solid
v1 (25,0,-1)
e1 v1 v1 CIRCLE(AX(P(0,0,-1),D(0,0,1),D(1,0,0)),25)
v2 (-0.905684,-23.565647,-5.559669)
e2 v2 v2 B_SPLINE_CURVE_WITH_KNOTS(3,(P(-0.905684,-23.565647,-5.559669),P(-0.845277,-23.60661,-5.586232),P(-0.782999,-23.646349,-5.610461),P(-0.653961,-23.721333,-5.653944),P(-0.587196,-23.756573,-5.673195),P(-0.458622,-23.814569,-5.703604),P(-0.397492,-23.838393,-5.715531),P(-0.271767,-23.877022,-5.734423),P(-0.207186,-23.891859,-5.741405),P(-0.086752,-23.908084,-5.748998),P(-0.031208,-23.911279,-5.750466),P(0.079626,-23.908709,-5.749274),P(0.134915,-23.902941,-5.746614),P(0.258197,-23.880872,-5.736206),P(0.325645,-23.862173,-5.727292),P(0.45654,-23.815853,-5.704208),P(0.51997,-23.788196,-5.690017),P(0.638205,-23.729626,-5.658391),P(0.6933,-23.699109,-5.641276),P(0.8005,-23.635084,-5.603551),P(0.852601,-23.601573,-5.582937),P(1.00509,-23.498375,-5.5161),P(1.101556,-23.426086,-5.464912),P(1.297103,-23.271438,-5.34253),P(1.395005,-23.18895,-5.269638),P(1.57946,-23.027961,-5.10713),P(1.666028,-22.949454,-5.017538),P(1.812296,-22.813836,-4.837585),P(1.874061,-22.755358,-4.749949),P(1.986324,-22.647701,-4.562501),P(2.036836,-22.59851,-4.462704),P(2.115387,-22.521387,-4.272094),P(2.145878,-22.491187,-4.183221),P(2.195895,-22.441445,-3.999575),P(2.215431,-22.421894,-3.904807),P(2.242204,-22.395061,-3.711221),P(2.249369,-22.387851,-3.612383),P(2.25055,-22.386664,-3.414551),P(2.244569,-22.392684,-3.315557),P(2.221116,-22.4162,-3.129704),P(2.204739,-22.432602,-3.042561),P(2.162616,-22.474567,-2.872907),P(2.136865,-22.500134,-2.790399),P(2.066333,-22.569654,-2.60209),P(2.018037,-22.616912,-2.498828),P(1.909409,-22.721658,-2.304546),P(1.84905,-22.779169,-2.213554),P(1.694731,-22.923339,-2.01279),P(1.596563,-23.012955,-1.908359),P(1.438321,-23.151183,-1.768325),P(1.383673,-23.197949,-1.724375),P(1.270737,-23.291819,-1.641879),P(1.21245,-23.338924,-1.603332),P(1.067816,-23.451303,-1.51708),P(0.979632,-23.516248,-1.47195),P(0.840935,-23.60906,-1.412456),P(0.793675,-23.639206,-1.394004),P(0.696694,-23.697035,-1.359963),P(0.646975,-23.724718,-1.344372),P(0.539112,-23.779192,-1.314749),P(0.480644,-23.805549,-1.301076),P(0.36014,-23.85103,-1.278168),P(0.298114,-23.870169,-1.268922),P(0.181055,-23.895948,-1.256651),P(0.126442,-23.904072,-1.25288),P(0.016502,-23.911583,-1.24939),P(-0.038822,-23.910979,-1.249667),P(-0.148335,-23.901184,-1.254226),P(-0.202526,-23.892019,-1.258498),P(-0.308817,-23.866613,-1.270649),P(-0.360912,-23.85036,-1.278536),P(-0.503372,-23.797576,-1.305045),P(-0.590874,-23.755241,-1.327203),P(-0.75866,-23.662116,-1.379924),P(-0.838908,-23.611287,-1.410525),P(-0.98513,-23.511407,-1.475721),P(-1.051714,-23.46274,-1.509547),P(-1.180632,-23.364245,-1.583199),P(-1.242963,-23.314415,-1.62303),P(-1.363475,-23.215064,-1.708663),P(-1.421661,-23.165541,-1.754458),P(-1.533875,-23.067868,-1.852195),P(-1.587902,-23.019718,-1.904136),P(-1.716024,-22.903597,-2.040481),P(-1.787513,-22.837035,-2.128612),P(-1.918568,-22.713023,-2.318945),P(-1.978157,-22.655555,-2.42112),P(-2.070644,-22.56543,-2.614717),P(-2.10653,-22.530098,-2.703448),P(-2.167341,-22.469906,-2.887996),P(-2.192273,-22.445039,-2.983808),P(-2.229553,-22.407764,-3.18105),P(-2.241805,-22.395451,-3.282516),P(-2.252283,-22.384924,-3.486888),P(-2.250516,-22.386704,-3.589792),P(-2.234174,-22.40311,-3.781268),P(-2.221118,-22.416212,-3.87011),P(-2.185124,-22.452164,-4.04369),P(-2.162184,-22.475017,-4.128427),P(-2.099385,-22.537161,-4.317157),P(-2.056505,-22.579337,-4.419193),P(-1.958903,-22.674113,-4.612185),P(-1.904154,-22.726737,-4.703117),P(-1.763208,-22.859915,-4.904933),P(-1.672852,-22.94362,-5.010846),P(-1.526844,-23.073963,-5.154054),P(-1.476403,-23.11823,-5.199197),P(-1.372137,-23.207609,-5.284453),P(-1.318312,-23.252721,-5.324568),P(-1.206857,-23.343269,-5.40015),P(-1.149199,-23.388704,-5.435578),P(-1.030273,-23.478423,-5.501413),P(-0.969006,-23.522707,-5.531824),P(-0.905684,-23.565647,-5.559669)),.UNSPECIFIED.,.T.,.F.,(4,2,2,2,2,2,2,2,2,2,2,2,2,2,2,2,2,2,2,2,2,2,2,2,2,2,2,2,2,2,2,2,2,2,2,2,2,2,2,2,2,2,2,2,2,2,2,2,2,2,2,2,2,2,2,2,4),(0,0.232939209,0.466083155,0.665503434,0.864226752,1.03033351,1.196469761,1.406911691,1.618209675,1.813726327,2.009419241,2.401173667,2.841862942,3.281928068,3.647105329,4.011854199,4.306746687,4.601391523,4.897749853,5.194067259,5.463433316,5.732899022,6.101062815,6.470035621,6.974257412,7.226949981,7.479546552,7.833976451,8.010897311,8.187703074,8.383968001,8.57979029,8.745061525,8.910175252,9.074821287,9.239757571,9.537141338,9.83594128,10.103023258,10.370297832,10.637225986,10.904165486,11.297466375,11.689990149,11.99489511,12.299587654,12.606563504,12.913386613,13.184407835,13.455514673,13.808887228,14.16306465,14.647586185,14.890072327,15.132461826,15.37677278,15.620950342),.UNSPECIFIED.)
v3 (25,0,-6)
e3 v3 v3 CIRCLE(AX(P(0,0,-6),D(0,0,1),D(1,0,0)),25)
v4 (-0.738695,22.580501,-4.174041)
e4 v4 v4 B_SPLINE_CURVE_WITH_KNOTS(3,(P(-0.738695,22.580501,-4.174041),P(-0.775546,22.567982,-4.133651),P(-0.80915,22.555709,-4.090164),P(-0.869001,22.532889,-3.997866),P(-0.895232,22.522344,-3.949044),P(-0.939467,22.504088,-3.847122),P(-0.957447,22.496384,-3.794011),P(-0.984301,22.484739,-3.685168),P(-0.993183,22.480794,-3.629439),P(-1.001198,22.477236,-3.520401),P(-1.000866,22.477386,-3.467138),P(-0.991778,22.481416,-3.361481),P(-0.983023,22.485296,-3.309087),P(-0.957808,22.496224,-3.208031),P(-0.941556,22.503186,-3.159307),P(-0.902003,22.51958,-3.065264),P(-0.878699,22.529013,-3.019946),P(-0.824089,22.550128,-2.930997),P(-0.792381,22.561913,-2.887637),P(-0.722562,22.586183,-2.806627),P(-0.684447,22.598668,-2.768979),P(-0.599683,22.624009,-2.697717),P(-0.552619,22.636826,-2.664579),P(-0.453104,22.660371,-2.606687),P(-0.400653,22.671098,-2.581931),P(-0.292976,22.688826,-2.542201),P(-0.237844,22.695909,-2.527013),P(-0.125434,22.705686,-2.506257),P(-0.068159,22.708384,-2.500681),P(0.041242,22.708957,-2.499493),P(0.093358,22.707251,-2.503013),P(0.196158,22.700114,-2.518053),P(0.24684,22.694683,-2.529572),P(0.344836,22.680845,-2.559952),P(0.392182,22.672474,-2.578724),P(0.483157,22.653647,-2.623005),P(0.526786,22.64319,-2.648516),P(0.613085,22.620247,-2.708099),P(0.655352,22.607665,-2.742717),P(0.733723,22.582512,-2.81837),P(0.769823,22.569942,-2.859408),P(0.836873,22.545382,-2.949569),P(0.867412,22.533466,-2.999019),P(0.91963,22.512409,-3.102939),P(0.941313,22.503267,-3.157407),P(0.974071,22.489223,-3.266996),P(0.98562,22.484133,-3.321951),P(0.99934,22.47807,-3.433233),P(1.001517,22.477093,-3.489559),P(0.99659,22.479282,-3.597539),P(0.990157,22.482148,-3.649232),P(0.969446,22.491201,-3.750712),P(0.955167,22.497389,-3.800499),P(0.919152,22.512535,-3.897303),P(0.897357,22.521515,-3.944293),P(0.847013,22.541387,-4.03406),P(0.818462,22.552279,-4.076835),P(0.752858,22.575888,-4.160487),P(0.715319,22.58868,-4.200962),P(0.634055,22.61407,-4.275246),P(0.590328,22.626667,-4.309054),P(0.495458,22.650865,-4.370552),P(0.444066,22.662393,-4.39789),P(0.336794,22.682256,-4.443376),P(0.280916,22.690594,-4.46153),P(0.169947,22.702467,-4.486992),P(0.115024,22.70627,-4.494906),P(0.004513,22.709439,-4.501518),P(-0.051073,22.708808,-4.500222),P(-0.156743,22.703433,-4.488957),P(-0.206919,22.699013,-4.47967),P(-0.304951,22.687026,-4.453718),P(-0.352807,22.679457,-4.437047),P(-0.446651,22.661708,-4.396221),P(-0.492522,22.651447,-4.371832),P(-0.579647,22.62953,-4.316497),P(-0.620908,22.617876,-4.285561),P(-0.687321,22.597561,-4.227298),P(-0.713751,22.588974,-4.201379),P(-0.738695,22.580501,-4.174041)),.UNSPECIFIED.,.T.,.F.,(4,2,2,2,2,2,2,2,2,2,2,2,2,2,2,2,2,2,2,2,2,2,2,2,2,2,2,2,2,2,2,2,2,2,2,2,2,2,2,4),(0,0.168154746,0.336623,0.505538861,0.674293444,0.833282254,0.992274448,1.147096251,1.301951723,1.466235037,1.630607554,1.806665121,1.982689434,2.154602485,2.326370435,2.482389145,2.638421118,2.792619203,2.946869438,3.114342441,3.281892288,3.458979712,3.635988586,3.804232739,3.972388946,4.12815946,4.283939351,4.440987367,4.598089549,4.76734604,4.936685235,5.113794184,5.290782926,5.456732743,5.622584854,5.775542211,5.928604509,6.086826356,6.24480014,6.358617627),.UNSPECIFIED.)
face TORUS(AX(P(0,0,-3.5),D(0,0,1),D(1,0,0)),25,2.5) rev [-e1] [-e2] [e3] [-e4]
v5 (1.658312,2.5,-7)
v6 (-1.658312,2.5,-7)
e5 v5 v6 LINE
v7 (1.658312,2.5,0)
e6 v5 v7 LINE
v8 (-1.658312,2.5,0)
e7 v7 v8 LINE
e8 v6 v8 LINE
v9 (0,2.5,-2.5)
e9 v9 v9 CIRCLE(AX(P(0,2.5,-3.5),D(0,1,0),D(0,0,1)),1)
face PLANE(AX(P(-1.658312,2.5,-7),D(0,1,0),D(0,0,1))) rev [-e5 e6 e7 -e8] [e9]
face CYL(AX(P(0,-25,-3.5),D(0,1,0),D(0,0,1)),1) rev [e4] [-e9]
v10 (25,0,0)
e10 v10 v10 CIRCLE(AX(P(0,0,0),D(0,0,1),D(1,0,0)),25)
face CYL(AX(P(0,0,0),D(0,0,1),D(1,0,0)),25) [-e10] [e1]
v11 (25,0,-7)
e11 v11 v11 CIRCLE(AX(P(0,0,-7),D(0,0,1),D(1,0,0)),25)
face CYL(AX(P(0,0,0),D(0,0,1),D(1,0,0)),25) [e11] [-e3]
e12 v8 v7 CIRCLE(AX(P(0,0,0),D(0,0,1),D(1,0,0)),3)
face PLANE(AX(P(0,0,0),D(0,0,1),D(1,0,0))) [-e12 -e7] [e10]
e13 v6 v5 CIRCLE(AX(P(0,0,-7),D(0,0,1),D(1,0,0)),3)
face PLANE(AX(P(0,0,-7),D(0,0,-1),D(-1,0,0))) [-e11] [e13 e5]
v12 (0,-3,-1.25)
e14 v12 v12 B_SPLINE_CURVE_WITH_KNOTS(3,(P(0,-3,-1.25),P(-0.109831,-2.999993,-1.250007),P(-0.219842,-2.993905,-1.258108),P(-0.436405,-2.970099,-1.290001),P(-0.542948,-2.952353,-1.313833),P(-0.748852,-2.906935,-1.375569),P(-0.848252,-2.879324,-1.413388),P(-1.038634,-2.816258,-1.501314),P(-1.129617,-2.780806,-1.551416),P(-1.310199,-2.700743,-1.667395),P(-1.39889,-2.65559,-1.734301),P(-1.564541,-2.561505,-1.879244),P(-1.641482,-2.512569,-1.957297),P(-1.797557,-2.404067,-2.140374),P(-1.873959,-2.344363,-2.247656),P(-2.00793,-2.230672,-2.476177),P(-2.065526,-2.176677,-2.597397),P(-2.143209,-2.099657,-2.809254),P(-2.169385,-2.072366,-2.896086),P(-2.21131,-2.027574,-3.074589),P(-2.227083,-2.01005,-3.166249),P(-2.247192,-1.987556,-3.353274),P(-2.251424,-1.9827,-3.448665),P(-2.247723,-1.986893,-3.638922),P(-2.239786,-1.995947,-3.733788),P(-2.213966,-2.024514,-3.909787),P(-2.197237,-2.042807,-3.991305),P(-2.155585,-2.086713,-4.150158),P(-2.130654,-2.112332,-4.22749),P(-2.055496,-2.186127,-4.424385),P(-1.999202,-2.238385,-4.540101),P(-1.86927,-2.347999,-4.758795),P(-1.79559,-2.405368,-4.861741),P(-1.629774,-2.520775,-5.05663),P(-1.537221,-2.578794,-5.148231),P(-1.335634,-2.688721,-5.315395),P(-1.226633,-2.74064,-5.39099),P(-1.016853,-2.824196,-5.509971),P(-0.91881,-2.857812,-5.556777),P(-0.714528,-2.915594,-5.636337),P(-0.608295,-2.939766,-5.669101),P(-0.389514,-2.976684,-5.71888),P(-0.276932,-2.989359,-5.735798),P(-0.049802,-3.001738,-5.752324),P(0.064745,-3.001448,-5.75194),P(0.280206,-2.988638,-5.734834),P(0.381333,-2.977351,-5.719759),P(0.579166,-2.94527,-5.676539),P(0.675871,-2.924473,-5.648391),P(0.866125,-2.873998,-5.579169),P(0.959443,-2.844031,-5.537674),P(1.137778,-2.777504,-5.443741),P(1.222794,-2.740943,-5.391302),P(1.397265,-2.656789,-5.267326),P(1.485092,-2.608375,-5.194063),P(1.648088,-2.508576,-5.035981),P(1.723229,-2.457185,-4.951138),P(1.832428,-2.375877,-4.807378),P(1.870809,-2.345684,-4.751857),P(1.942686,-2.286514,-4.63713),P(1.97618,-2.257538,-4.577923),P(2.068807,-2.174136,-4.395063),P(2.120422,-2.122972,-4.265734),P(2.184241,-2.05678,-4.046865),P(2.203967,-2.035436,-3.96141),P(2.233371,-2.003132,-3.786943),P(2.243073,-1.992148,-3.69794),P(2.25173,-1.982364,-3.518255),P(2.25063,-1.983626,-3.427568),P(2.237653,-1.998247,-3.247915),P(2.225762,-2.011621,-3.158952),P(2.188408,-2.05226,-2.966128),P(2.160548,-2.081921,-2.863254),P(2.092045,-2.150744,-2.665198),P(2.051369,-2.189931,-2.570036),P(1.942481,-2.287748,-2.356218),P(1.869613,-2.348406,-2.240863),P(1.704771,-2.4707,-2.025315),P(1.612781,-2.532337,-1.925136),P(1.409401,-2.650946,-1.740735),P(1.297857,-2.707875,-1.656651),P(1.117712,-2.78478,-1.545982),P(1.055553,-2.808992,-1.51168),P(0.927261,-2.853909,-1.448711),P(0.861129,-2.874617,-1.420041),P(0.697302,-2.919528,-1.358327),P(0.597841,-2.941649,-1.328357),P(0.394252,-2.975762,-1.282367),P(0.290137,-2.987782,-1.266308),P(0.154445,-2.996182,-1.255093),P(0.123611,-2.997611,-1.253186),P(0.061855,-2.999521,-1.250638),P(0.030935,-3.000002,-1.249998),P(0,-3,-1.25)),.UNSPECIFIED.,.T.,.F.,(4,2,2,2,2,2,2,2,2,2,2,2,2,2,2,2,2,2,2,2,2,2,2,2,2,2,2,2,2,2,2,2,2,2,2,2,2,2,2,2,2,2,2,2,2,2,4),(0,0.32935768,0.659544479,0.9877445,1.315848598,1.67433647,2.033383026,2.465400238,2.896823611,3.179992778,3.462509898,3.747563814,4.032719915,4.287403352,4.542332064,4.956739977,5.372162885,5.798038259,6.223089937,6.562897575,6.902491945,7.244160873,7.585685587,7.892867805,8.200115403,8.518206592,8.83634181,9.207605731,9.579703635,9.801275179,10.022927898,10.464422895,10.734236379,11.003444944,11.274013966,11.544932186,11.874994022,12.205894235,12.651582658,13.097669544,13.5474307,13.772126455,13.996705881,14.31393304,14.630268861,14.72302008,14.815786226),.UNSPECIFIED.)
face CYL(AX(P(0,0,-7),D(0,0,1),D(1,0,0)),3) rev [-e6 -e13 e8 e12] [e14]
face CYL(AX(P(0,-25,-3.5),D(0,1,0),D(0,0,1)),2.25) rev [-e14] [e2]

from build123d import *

# Parameters (mm, degrees)
CUT_EXTRUDE1_DEPTH      = 37.041642582
CUT_EXTRUDE2_DEPTH      = 37.041642582
CUT_EXTRUDE2_DEPTH_BACK = 37.041642582
SKETCH4_R               = 1
SKETCH6_R               = 2.25
CUT_EXTRUDE3_DEPTH      = 37.04164274


with BuildPart() as part:
    # Sketch2 → Revolve1 (revolve)
    with BuildSketch(Plane(origin=(0, 0, 0), x_dir=(1, 0, 0), z_dir=(0, 1, 0))):
        with BuildLine():
            Line((25, 6), (25, 7))
            Line((25, 7), (0, 7))
            Line((0, 7), (0, 0))
            Line((0, 0), (25, 0))
            Line((25, 0), (25, 1))
            ThreePointArc((25, 1), (22.5, 3.5), (25, 6))
        make_face()
    revolve(axis=Axis((0, 0, 0), (0, 0, -1)))

    # Sketch3 → Cut-Extrude1 (cut, through all)
    with BuildSketch(Plane.XY):
        with BuildLine():
            Line((-1.658312395, 2.5), (1.658312395, 2.5))
            ThreePointArc((1.658312395, 2.5), (0, -3), (-1.658312395, 2.5))
        make_face()
    extrude(amount=-CUT_EXTRUDE1_DEPTH, mode=Mode.SUBTRACT)

    # Sketch4 → Cut-Extrude2 (cut, two sides: drawn at the far end of the back side and taken through both)
    with BuildSketch(Plane(origin=(0, 0, 0), x_dir=(1, 0, 0), z_dir=(0, 1, 0)).offset(-CUT_EXTRUDE2_DEPTH_BACK)):
        with Locations(Location((0, 3.5, 0), (0, 0, 270))):
            Circle(SKETCH4_R)
    extrude(amount=CUT_EXTRUDE2_DEPTH + CUT_EXTRUDE2_DEPTH_BACK, mode=Mode.SUBTRACT)

    # Sketch6 → Cut-Extrude3 (cut, through all)
    with BuildSketch(Plane(origin=(0, 0, 0), x_dir=(1, 0, 0), z_dir=(0, 1, 0))):
        with Locations(Location((0, 3.5, 0), (0, 0, 270))):
            Circle(SKETCH6_R)
    extrude(amount=-CUT_EXTRUDE3_DEPTH, mode=Mode.SUBTRACT)


solid = part.part
